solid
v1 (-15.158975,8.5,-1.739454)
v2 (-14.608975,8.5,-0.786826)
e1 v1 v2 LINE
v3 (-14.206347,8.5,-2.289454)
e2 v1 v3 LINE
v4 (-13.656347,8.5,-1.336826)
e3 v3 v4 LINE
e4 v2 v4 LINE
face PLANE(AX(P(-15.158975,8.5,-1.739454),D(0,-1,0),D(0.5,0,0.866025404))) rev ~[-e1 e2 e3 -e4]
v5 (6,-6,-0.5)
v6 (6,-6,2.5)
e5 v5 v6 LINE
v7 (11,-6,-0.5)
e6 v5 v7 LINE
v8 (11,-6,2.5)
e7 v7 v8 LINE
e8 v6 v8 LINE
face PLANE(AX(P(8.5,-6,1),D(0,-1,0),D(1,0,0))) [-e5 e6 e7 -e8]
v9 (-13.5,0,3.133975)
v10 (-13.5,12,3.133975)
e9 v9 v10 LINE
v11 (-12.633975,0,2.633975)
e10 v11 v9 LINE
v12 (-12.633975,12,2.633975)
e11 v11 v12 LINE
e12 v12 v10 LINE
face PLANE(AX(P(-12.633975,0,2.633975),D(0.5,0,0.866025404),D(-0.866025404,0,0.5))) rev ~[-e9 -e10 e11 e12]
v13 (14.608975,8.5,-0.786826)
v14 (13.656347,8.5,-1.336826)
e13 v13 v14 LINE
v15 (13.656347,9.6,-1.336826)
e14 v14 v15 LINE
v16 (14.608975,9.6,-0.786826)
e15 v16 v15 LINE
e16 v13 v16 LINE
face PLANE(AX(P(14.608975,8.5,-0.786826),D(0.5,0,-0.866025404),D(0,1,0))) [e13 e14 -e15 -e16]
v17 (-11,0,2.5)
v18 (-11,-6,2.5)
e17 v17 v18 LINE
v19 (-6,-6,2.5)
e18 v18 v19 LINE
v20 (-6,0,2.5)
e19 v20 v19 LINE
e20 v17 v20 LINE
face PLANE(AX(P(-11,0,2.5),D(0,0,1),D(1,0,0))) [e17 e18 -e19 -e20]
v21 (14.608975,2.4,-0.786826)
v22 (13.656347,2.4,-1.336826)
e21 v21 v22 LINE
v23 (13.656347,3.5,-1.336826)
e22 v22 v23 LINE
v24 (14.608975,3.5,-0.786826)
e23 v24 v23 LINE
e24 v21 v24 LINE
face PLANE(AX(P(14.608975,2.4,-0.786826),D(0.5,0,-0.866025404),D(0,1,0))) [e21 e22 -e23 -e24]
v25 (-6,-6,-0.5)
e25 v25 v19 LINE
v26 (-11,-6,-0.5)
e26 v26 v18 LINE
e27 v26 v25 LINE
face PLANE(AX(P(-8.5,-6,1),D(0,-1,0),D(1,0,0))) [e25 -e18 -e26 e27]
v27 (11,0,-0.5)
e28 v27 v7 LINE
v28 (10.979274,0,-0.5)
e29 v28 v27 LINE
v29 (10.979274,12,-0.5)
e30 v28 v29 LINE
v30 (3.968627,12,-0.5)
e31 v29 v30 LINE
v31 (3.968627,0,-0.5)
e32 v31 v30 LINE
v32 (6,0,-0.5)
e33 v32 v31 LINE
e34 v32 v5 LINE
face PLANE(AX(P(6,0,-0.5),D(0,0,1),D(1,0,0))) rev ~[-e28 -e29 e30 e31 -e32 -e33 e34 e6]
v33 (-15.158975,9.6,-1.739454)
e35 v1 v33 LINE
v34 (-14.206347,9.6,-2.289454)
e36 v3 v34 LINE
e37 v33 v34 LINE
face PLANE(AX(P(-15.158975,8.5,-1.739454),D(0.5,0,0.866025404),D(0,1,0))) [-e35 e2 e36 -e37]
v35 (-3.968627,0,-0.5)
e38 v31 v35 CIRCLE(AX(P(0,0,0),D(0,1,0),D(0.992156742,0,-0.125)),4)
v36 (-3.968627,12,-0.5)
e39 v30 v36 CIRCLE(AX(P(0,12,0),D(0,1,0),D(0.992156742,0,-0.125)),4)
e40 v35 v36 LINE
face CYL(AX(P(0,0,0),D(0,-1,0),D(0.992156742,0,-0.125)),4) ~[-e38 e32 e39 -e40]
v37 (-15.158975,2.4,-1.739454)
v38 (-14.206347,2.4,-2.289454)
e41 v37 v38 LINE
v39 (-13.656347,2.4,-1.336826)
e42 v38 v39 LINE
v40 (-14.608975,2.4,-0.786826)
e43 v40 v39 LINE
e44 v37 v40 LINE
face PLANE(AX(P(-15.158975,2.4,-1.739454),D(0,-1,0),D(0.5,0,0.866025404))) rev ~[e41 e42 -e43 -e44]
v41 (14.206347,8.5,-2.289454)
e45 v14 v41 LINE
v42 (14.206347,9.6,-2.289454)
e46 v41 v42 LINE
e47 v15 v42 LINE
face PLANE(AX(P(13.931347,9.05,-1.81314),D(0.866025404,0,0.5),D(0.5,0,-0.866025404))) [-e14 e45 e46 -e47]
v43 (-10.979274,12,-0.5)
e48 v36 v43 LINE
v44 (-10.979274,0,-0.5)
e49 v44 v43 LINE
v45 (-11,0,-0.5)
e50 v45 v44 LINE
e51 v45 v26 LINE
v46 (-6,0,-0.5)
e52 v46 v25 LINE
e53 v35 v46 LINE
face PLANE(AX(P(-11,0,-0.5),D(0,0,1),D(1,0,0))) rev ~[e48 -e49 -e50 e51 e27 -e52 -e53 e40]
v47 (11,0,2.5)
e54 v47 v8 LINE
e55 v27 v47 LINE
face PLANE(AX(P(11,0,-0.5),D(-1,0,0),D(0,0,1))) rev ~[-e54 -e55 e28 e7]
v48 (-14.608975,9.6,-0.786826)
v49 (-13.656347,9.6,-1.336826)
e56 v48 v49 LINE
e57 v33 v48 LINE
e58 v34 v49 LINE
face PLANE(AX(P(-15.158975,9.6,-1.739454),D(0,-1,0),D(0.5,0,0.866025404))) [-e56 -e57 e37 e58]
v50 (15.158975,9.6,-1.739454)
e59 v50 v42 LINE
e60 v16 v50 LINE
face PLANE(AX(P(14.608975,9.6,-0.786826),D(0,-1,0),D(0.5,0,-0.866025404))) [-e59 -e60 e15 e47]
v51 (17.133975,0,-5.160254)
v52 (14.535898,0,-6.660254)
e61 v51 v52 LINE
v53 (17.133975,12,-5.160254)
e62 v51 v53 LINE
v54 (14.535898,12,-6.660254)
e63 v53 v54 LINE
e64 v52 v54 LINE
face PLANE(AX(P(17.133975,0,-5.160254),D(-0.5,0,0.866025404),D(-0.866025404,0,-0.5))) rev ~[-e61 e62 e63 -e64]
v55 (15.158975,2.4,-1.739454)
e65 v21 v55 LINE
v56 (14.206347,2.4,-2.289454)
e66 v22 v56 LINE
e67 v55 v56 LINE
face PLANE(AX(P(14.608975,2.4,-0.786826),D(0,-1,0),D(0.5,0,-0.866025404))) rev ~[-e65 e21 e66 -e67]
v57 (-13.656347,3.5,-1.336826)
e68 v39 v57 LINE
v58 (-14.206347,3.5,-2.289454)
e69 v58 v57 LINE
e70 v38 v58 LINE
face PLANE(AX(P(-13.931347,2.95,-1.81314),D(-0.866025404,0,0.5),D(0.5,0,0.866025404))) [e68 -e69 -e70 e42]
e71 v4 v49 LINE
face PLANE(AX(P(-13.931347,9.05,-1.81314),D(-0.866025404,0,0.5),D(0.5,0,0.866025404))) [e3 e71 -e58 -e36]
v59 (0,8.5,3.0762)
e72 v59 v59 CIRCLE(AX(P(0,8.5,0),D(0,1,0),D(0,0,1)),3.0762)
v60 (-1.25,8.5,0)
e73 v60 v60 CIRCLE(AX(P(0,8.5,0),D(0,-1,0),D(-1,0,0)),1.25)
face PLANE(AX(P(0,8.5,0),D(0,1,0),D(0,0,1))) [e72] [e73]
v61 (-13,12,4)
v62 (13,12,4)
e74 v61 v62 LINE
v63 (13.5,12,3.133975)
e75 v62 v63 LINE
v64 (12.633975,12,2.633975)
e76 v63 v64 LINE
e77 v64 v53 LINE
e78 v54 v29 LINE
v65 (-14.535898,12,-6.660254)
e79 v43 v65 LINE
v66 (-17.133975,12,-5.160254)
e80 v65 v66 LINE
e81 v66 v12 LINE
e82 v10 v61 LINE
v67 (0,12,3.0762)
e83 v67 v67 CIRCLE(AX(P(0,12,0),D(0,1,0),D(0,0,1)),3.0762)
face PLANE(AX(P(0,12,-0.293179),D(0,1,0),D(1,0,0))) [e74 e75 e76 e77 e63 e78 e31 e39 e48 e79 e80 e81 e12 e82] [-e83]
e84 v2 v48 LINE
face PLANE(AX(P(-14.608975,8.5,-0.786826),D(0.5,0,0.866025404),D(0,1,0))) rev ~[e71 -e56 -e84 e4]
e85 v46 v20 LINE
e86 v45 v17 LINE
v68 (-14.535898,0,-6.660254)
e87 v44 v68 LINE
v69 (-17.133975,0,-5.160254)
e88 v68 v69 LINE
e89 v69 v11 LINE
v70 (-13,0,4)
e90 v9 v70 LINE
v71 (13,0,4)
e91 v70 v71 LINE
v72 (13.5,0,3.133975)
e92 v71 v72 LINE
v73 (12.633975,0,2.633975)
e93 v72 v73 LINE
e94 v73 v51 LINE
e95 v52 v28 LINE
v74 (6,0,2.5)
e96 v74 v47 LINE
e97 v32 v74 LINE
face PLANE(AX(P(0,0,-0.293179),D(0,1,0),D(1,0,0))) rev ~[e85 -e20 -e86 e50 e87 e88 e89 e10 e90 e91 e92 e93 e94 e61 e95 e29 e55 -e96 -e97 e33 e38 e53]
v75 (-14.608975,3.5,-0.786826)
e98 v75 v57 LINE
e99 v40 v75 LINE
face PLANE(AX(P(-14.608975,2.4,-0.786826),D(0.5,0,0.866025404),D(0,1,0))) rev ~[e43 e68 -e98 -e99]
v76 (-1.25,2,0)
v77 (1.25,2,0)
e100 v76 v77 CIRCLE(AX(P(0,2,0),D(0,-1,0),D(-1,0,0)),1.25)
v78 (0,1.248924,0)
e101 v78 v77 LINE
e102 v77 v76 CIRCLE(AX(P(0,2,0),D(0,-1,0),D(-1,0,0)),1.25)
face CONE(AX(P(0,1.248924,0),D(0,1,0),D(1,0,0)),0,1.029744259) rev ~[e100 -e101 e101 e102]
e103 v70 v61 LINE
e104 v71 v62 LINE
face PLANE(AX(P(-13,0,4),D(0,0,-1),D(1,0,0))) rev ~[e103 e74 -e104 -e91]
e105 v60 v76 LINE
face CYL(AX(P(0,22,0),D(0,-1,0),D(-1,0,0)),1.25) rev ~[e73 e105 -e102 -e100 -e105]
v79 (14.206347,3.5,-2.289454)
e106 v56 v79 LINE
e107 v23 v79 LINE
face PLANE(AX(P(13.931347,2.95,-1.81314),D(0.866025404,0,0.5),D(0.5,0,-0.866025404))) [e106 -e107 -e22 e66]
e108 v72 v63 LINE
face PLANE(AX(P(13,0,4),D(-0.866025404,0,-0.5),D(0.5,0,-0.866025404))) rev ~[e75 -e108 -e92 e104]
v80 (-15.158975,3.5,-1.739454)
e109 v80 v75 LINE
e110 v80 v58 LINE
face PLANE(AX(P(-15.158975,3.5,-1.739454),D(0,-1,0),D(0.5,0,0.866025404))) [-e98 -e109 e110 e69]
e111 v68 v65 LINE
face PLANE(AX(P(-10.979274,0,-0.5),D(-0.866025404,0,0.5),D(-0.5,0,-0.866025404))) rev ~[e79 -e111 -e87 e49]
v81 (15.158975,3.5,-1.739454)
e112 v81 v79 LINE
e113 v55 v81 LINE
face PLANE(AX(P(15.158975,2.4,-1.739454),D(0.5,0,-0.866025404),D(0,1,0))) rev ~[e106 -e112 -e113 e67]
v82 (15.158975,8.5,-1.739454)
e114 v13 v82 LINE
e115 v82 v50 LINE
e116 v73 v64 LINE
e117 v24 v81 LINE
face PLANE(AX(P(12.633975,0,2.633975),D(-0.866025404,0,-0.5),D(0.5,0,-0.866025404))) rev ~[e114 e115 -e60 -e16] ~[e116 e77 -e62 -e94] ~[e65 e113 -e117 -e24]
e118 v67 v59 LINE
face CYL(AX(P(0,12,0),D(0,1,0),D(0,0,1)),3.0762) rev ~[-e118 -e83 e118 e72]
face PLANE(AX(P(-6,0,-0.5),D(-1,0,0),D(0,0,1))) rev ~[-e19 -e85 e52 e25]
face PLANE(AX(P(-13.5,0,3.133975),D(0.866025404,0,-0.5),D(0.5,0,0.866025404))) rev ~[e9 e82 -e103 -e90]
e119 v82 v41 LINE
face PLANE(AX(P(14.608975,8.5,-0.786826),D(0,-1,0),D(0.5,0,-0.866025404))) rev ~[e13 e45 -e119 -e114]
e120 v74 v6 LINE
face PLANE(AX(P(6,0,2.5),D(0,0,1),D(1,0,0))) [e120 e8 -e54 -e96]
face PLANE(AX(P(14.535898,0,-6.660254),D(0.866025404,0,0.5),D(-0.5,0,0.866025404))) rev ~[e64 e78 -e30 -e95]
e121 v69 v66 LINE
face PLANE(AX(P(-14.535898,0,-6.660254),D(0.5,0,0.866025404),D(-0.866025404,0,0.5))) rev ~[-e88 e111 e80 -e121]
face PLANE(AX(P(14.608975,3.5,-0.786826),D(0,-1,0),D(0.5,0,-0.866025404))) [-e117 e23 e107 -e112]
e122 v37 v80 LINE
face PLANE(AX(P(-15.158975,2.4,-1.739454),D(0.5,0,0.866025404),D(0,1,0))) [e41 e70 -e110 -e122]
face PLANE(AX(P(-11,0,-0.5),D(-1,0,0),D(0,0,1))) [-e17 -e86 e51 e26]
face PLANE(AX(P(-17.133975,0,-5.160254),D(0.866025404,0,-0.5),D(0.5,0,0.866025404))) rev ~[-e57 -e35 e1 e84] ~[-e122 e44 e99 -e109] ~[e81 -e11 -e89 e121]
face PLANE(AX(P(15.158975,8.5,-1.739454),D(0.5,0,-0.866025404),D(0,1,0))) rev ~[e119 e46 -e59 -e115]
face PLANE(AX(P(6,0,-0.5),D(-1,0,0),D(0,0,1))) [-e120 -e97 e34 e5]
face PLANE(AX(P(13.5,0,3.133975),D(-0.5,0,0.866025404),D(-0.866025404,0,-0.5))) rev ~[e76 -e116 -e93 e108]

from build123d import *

# Parameters (mm, degrees)
BOSS_EXTRUDE1_DEPTH            = 12
F_2_5_2_5_DIAMETER_HOLE1_D     = 2.5
F_2_5_2_5_DIAMETER_HOLE1_DEPTH = 10
F_2_5_2_5_DIAMETER_HOLE1_TIP   = 0.751075774
SKETCH4_R                      = 3.0762
CUT_EXTRUDE1_DEPTH             = 3.5
SKETCH5_W                      = 5
SKETCH5_H                      = 3
BOSS_EXTRUDE2_DEPTH            = 6
SKETCH7_W                      = 1.1
SKETCH7_H                      = 1.1
CUT_EXTRUDE3_DEPTH             = 1.1
SKETCH8_W                      = 1.1
SKETCH8_H                      = 1.1
CUT_EXTRUDE4_DEPTH             = 1.1


with BuildPart() as part:
    # Sketch1 → Boss-Extrude1 (new body)
    with BuildSketch(Plane(origin=(0, 0, 0), x_dir=(1, 0, 0), z_dir=(0, 1, 0))):
        with BuildLine():
            Line((-13, -4), (13, -4))
            Line((13, -4), (13.5, -3.133974596))
            Line((13.5, -3.133974596), (12.633974596, -2.633974596))
            Line((12.633974596, -2.633974596), (17.133974596, 5.160254038))
            Line((17.133974596, 5.160254038), (14.535898385, 6.660254038))
            Line((14.535898385, 6.660254038), (10.979274058, 0.5))
            Line((10.979274058, 0.5), (3.968626967, 0.5))
            ThreePointArc((3.968626967, 0.5), (0, 4), (-3.968626967, 0.5))
            Line((-3.968626967, 0.5), (-10.979274058, 0.5))
            Line((-10.979274058, 0.5), (-14.535898385, 6.660254038))
            Line((-14.535898385, 6.660254038), (-17.133974596, 5.160254038))
            Line((-17.133974596, 5.160254038), (-12.633974596, -2.633974596))
            Line((-12.633974596, -2.633974596), (-13.5, -3.133974596))
            Line((-13.5, -3.133974596), (-13, -4))
        make_face()
    extrude(amount=BOSS_EXTRUDE1_DEPTH)

    # Ø2.5 (2.5) Diameter Hole1
    with Locations(Plane(origin=(0, 12, 0), x_dir=(1, 0, 0), z_dir=(0, 1, 0))):
        with Locations((0, 0)):
            Hole(F_2_5_2_5_DIAMETER_HOLE1_D / 2, depth=F_2_5_2_5_DIAMETER_HOLE1_DEPTH)
            with Locations((0, 0, -(F_2_5_2_5_DIAMETER_HOLE1_DEPTH + F_2_5_2_5_DIAMETER_HOLE1_TIP / 2))):  # 118° drill point
                Cone(0, F_2_5_2_5_DIAMETER_HOLE1_D / 2, F_2_5_2_5_DIAMETER_HOLE1_TIP, mode=Mode.SUBTRACT)

    # Sketch4 → Cut-Extrude1 (cut)
    with BuildSketch(Plane(origin=(0, 12, 0), x_dir=(1, 0, 0), z_dir=(0, 1, 0))):
        with Locations(Location((0, 0, 0), (0, 0, 270))):
            Circle(SKETCH4_R)
    extrude(amount=-CUT_EXTRUDE1_DEPTH, mode=Mode.SUBTRACT)

    # Sketch5 → Boss-Extrude2 (add)
    with BuildSketch(Plane.XZ):
        with Locations((8.5, 1)):
            Rectangle(SKETCH5_W, SKETCH5_H)
        with Locations((-8.5, 1)):
            Rectangle(SKETCH5_W, SKETCH5_H)
    extrude(amount=BOSS_EXTRUDE2_DEPTH)

    # Sketch7 → Cut-Extrude3 (cut)
    with BuildSketch(Plane(origin=(-10.616025404, 0, 6.129165125), x_dir=(0.49999999999999906, 0, 0.8660254037844393), z_dir=(-0.8660254037844392, 0, 0.499999999999999))):
        with Locations((-8.535898385, 9.05)):
            Rectangle(SKETCH7_W, SKETCH7_H)
        with Locations((-8.535898385, 2.95)):
            Rectangle(SKETCH7_W, SKETCH7_H)
    extrude(amount=-CUT_EXTRUDE3_DEPTH, mode=Mode.SUBTRACT)

    # Sketch8 → Cut-Extrude4 (cut)
    with BuildSketch(Plane(origin=(10.616025404, 0, 6.129165125), x_dir=(0.4999999999999978, 0, -0.86602540378444), z_dir=(0.86602540378444, 0, 0.4999999999999978))):
        with Locations((8.535898385, 9.05)):
            Rectangle(SKETCH8_W, SKETCH8_H)
        with Locations((8.535898385, 2.95)):
            Rectangle(SKETCH8_W, SKETCH8_H)
    extrude(amount=-CUT_EXTRUDE4_DEPTH, mode=Mode.SUBTRACT)


solid = part.part
